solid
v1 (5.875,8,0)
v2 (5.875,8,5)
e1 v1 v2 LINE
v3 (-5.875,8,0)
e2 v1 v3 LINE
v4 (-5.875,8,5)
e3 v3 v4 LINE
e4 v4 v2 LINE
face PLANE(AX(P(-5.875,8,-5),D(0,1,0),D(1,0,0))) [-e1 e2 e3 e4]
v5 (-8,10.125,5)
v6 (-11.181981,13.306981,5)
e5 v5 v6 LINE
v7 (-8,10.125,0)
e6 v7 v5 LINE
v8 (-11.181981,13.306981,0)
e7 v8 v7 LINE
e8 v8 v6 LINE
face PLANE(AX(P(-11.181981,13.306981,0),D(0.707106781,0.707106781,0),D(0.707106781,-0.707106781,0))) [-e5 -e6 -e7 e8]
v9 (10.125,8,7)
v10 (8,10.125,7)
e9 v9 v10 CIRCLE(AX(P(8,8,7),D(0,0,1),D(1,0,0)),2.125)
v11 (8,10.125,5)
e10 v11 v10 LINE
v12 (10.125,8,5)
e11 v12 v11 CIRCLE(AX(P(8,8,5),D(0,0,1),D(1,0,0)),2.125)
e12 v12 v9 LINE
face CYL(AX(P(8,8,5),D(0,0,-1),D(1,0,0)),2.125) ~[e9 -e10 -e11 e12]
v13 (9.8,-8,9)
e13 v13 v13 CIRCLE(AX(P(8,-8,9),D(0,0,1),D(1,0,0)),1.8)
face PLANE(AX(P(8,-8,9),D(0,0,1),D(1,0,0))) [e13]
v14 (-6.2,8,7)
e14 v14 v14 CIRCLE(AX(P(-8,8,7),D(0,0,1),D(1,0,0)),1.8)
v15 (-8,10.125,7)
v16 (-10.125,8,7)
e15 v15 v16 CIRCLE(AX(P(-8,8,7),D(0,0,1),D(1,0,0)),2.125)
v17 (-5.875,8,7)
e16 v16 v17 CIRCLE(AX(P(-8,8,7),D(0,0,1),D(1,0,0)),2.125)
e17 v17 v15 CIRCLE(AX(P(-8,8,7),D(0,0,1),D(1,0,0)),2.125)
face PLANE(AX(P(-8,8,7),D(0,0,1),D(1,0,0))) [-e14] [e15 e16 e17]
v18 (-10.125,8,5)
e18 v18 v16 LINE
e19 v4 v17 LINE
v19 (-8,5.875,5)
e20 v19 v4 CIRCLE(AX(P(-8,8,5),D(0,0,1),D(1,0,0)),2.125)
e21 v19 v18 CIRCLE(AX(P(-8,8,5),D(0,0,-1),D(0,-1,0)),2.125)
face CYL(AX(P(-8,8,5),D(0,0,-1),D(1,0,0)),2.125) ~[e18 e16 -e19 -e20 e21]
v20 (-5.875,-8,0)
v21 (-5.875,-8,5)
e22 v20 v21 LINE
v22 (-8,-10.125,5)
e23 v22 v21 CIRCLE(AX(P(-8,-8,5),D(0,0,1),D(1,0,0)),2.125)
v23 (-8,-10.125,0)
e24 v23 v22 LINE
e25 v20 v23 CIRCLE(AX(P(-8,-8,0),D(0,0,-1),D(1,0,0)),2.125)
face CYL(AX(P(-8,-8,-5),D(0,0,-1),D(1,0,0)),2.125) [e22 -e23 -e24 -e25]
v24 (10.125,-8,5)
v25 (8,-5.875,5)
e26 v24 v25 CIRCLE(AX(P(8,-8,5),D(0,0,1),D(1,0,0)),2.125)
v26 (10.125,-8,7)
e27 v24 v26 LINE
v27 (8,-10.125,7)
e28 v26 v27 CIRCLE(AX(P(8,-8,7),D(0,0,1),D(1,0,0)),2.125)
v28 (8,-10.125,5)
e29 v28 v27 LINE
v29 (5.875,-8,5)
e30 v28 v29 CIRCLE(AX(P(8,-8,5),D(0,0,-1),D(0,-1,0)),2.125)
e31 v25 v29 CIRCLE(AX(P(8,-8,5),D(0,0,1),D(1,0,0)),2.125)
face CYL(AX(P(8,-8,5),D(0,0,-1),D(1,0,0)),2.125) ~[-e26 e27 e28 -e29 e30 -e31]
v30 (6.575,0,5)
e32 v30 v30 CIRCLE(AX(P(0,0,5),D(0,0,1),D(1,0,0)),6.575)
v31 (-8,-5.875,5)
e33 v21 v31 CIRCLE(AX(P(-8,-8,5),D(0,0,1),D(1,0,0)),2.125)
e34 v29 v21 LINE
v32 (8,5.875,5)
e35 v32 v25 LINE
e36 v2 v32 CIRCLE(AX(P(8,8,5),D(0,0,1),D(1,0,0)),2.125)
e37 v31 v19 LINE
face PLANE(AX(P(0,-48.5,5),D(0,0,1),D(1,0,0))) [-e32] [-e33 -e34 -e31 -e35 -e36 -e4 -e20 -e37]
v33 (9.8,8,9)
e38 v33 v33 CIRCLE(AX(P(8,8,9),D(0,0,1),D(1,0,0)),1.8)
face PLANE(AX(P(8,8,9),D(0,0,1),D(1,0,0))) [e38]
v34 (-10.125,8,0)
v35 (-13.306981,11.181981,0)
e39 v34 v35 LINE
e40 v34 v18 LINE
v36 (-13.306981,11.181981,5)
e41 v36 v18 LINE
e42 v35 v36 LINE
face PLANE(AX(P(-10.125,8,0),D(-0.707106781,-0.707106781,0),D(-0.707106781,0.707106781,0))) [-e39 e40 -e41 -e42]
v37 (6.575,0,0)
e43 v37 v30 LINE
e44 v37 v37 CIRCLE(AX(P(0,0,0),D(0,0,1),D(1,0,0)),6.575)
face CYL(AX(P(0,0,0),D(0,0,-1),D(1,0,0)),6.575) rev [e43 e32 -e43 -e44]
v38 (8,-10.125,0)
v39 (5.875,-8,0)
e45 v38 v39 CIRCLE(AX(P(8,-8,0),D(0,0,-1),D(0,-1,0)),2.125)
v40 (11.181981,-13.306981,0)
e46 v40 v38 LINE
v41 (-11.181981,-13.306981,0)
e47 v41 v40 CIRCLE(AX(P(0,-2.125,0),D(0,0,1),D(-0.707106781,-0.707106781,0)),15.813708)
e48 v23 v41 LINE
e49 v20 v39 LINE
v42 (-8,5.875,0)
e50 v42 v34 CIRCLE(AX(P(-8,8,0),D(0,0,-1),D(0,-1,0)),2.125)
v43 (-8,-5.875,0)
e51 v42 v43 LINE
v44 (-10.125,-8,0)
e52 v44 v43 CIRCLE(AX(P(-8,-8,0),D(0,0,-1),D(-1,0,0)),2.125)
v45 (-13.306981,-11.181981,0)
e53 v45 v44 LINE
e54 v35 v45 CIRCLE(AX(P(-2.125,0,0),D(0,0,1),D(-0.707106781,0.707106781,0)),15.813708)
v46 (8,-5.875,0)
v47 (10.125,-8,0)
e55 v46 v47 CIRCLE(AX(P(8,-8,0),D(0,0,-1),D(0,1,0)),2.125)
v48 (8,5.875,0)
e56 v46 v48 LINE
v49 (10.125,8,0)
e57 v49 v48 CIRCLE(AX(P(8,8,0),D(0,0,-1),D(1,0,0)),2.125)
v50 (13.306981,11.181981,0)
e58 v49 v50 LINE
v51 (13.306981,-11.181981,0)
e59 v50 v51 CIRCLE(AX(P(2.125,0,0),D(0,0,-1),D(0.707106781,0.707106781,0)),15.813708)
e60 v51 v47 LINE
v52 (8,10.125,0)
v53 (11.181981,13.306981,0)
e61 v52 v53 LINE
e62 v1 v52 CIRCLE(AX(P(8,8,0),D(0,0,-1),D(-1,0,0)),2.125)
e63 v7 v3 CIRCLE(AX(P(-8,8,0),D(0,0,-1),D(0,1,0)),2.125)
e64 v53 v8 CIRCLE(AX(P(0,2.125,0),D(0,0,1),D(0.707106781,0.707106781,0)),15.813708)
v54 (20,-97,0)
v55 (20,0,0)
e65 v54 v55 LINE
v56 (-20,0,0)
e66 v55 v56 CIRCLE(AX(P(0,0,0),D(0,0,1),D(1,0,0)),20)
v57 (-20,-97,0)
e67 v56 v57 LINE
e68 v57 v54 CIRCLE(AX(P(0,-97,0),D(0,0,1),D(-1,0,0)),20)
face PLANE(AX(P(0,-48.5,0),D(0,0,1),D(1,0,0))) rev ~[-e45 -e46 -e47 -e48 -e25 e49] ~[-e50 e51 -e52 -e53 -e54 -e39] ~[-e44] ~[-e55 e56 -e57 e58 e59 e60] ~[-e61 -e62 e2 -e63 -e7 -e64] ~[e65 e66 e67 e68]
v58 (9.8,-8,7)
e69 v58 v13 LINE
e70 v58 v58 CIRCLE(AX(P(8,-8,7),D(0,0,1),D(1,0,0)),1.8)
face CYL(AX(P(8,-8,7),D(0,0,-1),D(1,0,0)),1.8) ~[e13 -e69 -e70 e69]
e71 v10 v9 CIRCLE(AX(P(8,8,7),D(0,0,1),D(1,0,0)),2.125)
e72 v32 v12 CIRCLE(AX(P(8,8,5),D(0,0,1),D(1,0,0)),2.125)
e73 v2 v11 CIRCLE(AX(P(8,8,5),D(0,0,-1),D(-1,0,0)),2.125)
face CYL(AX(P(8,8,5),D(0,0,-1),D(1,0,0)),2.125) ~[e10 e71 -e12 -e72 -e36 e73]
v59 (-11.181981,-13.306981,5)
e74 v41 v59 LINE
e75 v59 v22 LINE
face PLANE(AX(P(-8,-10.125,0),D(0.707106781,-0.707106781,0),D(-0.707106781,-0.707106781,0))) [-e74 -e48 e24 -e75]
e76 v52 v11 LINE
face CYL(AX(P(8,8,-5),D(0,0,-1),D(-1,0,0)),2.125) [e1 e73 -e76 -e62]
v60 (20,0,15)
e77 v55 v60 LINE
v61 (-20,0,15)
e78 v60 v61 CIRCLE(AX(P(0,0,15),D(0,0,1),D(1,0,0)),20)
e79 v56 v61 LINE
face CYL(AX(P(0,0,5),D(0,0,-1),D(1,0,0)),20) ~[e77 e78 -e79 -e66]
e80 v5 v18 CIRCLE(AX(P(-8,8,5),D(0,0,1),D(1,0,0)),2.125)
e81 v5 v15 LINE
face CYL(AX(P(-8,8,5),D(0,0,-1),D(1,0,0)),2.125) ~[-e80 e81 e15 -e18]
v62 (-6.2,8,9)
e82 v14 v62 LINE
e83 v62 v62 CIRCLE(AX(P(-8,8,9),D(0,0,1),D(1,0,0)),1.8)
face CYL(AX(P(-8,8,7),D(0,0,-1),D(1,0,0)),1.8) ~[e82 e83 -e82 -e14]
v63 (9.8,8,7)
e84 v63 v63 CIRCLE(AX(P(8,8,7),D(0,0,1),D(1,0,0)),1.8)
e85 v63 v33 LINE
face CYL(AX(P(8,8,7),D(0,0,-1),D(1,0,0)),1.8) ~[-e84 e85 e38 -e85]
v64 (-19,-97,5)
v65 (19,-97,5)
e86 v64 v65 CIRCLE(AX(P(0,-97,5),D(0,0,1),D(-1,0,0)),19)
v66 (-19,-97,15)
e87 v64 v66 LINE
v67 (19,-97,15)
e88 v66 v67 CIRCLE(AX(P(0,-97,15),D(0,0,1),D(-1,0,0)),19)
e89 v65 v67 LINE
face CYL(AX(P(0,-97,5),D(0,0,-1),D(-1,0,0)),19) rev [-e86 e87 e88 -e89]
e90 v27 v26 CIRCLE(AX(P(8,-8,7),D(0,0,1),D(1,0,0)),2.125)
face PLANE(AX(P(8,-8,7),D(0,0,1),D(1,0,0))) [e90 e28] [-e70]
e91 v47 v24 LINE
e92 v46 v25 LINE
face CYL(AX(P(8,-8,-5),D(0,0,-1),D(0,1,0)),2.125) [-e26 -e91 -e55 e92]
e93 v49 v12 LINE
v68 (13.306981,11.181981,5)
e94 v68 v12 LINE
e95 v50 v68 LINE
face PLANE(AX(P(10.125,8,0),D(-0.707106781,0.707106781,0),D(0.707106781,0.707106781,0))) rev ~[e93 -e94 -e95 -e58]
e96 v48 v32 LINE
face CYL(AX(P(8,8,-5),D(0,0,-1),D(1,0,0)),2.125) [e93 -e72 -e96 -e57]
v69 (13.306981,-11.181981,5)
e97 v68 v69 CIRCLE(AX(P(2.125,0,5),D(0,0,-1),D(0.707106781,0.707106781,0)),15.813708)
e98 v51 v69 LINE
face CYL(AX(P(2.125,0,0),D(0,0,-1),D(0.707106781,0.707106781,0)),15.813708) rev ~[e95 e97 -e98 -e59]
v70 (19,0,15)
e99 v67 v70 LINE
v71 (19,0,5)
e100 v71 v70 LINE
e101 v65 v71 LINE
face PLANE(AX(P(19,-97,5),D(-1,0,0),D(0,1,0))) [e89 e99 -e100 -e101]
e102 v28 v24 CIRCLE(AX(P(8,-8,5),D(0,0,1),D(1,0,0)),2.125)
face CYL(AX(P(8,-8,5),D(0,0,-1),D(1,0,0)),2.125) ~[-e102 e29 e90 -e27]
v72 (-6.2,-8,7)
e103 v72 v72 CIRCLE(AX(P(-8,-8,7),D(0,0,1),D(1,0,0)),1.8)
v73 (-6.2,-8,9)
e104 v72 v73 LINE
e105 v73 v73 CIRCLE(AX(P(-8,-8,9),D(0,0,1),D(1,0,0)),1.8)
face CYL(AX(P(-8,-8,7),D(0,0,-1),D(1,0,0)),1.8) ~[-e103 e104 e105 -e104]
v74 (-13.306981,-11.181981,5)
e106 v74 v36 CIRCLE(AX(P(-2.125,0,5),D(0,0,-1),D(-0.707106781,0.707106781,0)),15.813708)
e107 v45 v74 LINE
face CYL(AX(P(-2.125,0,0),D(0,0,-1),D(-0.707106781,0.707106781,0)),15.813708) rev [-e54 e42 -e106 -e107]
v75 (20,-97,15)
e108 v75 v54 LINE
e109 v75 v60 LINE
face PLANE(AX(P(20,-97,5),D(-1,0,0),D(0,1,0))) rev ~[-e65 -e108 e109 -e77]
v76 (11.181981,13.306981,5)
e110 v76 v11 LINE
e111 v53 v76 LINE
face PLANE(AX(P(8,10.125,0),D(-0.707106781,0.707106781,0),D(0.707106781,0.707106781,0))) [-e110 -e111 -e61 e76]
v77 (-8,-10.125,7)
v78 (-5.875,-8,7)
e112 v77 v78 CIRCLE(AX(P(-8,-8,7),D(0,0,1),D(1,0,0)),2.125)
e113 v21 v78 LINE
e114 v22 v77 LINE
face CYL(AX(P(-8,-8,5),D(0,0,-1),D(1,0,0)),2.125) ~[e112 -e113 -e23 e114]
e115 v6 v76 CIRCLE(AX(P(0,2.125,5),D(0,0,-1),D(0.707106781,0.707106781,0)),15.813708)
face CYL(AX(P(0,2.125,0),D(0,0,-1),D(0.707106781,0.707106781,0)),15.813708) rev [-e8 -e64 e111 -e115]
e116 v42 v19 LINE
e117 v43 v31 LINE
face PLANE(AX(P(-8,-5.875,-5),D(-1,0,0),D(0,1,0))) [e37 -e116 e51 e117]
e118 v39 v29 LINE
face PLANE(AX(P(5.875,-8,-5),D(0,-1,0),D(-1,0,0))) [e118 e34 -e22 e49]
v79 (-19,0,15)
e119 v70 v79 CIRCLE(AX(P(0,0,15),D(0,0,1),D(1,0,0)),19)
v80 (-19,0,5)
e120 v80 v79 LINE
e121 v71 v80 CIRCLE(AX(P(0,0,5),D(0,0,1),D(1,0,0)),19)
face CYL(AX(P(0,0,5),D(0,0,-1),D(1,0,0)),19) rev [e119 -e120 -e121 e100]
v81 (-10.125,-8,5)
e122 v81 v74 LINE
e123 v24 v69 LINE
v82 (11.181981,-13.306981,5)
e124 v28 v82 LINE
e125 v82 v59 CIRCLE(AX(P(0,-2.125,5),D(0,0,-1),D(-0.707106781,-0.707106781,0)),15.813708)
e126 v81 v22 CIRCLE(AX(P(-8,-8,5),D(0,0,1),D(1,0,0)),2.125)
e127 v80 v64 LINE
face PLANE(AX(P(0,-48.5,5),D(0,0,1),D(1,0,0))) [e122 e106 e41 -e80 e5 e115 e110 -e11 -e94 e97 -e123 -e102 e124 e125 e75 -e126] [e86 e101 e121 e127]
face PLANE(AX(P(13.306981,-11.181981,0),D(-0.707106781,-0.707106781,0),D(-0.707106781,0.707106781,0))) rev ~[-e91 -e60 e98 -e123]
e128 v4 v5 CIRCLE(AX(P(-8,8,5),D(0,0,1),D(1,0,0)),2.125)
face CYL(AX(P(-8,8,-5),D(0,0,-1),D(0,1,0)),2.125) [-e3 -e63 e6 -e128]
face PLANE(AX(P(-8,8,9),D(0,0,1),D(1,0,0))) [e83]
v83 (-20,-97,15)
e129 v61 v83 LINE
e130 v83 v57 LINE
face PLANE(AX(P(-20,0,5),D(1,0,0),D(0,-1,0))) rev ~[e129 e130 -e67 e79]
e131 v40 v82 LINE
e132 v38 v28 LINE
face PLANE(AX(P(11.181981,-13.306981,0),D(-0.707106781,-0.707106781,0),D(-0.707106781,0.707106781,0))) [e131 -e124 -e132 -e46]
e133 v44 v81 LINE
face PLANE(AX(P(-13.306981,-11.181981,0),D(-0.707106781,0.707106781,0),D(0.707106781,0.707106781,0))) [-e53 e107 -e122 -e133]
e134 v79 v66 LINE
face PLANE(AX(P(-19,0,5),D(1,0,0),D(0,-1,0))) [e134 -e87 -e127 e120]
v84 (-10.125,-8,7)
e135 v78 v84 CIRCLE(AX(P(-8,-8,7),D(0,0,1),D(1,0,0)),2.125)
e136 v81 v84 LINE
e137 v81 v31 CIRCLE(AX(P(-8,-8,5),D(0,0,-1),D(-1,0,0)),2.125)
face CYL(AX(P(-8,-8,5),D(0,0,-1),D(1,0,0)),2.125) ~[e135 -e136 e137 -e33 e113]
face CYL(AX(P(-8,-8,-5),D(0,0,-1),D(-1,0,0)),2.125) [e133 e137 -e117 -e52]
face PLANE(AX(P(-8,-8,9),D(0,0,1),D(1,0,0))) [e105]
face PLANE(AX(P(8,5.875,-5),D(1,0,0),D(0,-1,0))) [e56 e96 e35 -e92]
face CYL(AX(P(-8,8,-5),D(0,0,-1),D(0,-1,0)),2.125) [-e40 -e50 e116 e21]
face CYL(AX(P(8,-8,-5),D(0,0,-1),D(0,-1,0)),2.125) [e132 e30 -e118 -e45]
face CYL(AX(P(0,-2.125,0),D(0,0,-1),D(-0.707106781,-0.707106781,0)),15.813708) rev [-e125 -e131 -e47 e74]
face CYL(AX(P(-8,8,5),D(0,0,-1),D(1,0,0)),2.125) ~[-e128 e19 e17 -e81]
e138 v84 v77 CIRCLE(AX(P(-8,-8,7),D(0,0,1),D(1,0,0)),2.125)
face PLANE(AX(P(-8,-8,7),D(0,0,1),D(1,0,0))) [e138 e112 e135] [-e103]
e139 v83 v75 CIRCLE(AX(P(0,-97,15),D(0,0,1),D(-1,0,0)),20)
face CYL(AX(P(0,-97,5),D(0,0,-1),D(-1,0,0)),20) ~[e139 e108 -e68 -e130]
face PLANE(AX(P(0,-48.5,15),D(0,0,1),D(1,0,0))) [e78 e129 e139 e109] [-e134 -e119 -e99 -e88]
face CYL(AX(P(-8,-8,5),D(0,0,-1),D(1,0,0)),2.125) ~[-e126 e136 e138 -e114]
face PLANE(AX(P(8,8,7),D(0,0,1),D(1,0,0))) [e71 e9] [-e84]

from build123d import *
from build123d.topology import SkipClean

# Parameters (mm, degrees)
SKETCH2_R           = 6.575
BOSS_EXTRUDE1_DEPTH = 5
SKETCH4_R           = 2.125
BOSS_EXTRUDE3_DEPTH = 2
SKETCH5_R           = 1.8
BOSS_EXTRUDE4_DEPTH = 2
BOSS_EXTRUDE5_DEPTH = 10
CUT_EXTRUDE1_START  = -10
CUT_EXTRUDE1_DEPTH  = 10
CUT_EXTRUDE2_DEPTH  = 10


with BuildPart() as part:
    # Sketch2 → Boss-Extrude1 (new body)
    with BuildSketch(Plane.XY):
        with BuildLine():
            Line((-20, 0), (-20, -97))
            ThreePointArc((-20, -97), (0, -117), (20, -97))
            Line((20, -97), (20, 0))
            ThreePointArc((20, 0), (0, 20), (-20, 0))
        make_face()
        Circle(SKETCH2_R, mode=Mode.SUBTRACT)
    extrude(amount=BOSS_EXTRUDE1_DEPTH)

    # Sketch4 → Boss-Extrude3 (add)
    with BuildSketch(Plane.XY.offset(5)):
        with Locations((-8, 8)):
            Circle(SKETCH4_R)
        with Locations((8, 8)):
            Circle(SKETCH4_R)
        with Locations((8, -8)):
            Circle(SKETCH4_R)
        with Locations((-8, -8)):
            Circle(SKETCH4_R)
    extrude(amount=BOSS_EXTRUDE3_DEPTH)

    # Sketch5 → Boss-Extrude4 (add)
    with BuildSketch(Plane.XY.offset(7)):
        with Locations((-8, 8)):
            Circle(SKETCH5_R)
        with Locations((8, 8)):
            Circle(SKETCH5_R)
        with Locations((8, -8)):
            Circle(SKETCH5_R)
        with Locations((-8, -8)):
            Circle(SKETCH5_R)
    extrude(amount=BOSS_EXTRUDE4_DEPTH)

    # Sketch6 → Boss-Extrude5 (add)
    with BuildSketch(Plane.XY.offset(5)):
        with BuildLine():
            Line((20, -97), (20, 0))
            ThreePointArc((20, 0), (0, 20), (-20, 0))
            Line((-20, 0), (-20, -97))
            ThreePointArc((-20, -97), (0, -117), (20, -97))
        make_face()
        with BuildLine():
            Line((-19, 0), (-19, -97))
            ThreePointArc((-19, -97), (0, -116), (19, -97))
            Line((19, -97), (19, 0))
            ThreePointArc((19, 0), (0, 19), (-19, 0))
        make_face(mode=Mode.SUBTRACT)
    extrude(amount=BOSS_EXTRUDE5_DEPTH)

    # Sketch7 → Cut-Extrude1 (cut)
    with BuildSketch(Plane.XY.offset(5).offset(CUT_EXTRUDE1_START)):
        with BuildLine():
            Line((-10.125, 8), (-10.125, -8))
            ThreePointArc((-10.125, -8), (-9.50260191, -6.49739809), (-8, -5.875))
            Line((-8, -5.875), (-8, 5.875))
            ThreePointArc((-8, 5.875), (-9.50260191, 6.49739809), (-10.125, 8))
        make_face()
        with BuildLine():
            Line((-8, -10.125), (8, -10.125))
            ThreePointArc((8, -10.125), (6.49739809, -9.50260191), (5.875, -8))
            Line((5.875, -8), (-5.875, -8))
            ThreePointArc((-5.875, -8), (-6.49739809, -9.50260191), (-8, -10.125))
        make_face()
        with BuildLine():
            Line((10.125, -8), (10.125, 8))
            ThreePointArc((10.125, 8), (9.50260191, 6.49739809), (8, 5.875))
            Line((8, 5.875), (8, -5.875))
            ThreePointArc((8, -5.875), (9.50260191, -6.49739809), (10.125, -8))
        make_face()
        with BuildLine():
            Line((8, 10.125), (-8, 10.125))
            ThreePointArc((-8, 10.125), (-6.49739809, 9.50260191), (-5.875, 8))
            Line((-5.875, 8), (5.875, 8))
            ThreePointArc((5.875, 8), (6.49739809, 9.50260191), (8, 10.125))
        make_face()
    extrude(amount=CUT_EXTRUDE1_DEPTH, mode=Mode.SUBTRACT)

    # Sketch10 → Cut-Extrude2 (cut)
    with SkipClean():  # the faces are left unmerged after this step: merging them gives an invalid solid
        with BuildSketch(Plane(origin=(0, 0, 0), x_dir=(-1, 0, 0), z_dir=(0, 0, -1))):
            with BuildLine():
                Line((-8, 10.125), (-11.181980515, 13.306980515))
                ThreePointArc((-11.181980515, 13.306980515), (0, 17.938708499), (11.181980515, 13.306980515))
                Line((11.181980515, 13.306980515), (8, 10.125))
                Line((8, 10.125), (-8, 10.125))
            make_face()
            with BuildLine():
                Line((-10.125, 8), (-13.306980515, 11.181980515))
                ThreePointArc((-13.306980515, 11.181980515), (-17.938708499, 0), (-13.306980515, -11.181980515))
                Line((-13.306980515, -11.181980515), (-10.125, -8))
                Line((-10.125, -8), (-10.125, 8))
            make_face()
            with BuildLine():
                Line((10.125, 8), (13.306980515, 11.181980515))
                ThreePointArc((13.306980515, 11.181980515), (17.938708499, 0), (13.306980515, -11.181980515))
                Line((13.306980515, -11.181980515), (10.125, -8))
                Line((10.125, -8), (10.125, 8))
            make_face()
            with BuildLine():
                Line((8, -10.125), (11.181980515, -13.306980515))
                ThreePointArc((11.181980515, -13.306980515), (0, -17.938708499), (-11.181980515, -13.306980515))
                Line((-11.181980515, -13.306980515), (-8, -10.125))
                Line((-8, -10.125), (8, -10.125))
            make_face()
        extrude(amount=-CUT_EXTRUDE2_DEPTH, mode=Mode.SUBTRACT)


solid = part.part
